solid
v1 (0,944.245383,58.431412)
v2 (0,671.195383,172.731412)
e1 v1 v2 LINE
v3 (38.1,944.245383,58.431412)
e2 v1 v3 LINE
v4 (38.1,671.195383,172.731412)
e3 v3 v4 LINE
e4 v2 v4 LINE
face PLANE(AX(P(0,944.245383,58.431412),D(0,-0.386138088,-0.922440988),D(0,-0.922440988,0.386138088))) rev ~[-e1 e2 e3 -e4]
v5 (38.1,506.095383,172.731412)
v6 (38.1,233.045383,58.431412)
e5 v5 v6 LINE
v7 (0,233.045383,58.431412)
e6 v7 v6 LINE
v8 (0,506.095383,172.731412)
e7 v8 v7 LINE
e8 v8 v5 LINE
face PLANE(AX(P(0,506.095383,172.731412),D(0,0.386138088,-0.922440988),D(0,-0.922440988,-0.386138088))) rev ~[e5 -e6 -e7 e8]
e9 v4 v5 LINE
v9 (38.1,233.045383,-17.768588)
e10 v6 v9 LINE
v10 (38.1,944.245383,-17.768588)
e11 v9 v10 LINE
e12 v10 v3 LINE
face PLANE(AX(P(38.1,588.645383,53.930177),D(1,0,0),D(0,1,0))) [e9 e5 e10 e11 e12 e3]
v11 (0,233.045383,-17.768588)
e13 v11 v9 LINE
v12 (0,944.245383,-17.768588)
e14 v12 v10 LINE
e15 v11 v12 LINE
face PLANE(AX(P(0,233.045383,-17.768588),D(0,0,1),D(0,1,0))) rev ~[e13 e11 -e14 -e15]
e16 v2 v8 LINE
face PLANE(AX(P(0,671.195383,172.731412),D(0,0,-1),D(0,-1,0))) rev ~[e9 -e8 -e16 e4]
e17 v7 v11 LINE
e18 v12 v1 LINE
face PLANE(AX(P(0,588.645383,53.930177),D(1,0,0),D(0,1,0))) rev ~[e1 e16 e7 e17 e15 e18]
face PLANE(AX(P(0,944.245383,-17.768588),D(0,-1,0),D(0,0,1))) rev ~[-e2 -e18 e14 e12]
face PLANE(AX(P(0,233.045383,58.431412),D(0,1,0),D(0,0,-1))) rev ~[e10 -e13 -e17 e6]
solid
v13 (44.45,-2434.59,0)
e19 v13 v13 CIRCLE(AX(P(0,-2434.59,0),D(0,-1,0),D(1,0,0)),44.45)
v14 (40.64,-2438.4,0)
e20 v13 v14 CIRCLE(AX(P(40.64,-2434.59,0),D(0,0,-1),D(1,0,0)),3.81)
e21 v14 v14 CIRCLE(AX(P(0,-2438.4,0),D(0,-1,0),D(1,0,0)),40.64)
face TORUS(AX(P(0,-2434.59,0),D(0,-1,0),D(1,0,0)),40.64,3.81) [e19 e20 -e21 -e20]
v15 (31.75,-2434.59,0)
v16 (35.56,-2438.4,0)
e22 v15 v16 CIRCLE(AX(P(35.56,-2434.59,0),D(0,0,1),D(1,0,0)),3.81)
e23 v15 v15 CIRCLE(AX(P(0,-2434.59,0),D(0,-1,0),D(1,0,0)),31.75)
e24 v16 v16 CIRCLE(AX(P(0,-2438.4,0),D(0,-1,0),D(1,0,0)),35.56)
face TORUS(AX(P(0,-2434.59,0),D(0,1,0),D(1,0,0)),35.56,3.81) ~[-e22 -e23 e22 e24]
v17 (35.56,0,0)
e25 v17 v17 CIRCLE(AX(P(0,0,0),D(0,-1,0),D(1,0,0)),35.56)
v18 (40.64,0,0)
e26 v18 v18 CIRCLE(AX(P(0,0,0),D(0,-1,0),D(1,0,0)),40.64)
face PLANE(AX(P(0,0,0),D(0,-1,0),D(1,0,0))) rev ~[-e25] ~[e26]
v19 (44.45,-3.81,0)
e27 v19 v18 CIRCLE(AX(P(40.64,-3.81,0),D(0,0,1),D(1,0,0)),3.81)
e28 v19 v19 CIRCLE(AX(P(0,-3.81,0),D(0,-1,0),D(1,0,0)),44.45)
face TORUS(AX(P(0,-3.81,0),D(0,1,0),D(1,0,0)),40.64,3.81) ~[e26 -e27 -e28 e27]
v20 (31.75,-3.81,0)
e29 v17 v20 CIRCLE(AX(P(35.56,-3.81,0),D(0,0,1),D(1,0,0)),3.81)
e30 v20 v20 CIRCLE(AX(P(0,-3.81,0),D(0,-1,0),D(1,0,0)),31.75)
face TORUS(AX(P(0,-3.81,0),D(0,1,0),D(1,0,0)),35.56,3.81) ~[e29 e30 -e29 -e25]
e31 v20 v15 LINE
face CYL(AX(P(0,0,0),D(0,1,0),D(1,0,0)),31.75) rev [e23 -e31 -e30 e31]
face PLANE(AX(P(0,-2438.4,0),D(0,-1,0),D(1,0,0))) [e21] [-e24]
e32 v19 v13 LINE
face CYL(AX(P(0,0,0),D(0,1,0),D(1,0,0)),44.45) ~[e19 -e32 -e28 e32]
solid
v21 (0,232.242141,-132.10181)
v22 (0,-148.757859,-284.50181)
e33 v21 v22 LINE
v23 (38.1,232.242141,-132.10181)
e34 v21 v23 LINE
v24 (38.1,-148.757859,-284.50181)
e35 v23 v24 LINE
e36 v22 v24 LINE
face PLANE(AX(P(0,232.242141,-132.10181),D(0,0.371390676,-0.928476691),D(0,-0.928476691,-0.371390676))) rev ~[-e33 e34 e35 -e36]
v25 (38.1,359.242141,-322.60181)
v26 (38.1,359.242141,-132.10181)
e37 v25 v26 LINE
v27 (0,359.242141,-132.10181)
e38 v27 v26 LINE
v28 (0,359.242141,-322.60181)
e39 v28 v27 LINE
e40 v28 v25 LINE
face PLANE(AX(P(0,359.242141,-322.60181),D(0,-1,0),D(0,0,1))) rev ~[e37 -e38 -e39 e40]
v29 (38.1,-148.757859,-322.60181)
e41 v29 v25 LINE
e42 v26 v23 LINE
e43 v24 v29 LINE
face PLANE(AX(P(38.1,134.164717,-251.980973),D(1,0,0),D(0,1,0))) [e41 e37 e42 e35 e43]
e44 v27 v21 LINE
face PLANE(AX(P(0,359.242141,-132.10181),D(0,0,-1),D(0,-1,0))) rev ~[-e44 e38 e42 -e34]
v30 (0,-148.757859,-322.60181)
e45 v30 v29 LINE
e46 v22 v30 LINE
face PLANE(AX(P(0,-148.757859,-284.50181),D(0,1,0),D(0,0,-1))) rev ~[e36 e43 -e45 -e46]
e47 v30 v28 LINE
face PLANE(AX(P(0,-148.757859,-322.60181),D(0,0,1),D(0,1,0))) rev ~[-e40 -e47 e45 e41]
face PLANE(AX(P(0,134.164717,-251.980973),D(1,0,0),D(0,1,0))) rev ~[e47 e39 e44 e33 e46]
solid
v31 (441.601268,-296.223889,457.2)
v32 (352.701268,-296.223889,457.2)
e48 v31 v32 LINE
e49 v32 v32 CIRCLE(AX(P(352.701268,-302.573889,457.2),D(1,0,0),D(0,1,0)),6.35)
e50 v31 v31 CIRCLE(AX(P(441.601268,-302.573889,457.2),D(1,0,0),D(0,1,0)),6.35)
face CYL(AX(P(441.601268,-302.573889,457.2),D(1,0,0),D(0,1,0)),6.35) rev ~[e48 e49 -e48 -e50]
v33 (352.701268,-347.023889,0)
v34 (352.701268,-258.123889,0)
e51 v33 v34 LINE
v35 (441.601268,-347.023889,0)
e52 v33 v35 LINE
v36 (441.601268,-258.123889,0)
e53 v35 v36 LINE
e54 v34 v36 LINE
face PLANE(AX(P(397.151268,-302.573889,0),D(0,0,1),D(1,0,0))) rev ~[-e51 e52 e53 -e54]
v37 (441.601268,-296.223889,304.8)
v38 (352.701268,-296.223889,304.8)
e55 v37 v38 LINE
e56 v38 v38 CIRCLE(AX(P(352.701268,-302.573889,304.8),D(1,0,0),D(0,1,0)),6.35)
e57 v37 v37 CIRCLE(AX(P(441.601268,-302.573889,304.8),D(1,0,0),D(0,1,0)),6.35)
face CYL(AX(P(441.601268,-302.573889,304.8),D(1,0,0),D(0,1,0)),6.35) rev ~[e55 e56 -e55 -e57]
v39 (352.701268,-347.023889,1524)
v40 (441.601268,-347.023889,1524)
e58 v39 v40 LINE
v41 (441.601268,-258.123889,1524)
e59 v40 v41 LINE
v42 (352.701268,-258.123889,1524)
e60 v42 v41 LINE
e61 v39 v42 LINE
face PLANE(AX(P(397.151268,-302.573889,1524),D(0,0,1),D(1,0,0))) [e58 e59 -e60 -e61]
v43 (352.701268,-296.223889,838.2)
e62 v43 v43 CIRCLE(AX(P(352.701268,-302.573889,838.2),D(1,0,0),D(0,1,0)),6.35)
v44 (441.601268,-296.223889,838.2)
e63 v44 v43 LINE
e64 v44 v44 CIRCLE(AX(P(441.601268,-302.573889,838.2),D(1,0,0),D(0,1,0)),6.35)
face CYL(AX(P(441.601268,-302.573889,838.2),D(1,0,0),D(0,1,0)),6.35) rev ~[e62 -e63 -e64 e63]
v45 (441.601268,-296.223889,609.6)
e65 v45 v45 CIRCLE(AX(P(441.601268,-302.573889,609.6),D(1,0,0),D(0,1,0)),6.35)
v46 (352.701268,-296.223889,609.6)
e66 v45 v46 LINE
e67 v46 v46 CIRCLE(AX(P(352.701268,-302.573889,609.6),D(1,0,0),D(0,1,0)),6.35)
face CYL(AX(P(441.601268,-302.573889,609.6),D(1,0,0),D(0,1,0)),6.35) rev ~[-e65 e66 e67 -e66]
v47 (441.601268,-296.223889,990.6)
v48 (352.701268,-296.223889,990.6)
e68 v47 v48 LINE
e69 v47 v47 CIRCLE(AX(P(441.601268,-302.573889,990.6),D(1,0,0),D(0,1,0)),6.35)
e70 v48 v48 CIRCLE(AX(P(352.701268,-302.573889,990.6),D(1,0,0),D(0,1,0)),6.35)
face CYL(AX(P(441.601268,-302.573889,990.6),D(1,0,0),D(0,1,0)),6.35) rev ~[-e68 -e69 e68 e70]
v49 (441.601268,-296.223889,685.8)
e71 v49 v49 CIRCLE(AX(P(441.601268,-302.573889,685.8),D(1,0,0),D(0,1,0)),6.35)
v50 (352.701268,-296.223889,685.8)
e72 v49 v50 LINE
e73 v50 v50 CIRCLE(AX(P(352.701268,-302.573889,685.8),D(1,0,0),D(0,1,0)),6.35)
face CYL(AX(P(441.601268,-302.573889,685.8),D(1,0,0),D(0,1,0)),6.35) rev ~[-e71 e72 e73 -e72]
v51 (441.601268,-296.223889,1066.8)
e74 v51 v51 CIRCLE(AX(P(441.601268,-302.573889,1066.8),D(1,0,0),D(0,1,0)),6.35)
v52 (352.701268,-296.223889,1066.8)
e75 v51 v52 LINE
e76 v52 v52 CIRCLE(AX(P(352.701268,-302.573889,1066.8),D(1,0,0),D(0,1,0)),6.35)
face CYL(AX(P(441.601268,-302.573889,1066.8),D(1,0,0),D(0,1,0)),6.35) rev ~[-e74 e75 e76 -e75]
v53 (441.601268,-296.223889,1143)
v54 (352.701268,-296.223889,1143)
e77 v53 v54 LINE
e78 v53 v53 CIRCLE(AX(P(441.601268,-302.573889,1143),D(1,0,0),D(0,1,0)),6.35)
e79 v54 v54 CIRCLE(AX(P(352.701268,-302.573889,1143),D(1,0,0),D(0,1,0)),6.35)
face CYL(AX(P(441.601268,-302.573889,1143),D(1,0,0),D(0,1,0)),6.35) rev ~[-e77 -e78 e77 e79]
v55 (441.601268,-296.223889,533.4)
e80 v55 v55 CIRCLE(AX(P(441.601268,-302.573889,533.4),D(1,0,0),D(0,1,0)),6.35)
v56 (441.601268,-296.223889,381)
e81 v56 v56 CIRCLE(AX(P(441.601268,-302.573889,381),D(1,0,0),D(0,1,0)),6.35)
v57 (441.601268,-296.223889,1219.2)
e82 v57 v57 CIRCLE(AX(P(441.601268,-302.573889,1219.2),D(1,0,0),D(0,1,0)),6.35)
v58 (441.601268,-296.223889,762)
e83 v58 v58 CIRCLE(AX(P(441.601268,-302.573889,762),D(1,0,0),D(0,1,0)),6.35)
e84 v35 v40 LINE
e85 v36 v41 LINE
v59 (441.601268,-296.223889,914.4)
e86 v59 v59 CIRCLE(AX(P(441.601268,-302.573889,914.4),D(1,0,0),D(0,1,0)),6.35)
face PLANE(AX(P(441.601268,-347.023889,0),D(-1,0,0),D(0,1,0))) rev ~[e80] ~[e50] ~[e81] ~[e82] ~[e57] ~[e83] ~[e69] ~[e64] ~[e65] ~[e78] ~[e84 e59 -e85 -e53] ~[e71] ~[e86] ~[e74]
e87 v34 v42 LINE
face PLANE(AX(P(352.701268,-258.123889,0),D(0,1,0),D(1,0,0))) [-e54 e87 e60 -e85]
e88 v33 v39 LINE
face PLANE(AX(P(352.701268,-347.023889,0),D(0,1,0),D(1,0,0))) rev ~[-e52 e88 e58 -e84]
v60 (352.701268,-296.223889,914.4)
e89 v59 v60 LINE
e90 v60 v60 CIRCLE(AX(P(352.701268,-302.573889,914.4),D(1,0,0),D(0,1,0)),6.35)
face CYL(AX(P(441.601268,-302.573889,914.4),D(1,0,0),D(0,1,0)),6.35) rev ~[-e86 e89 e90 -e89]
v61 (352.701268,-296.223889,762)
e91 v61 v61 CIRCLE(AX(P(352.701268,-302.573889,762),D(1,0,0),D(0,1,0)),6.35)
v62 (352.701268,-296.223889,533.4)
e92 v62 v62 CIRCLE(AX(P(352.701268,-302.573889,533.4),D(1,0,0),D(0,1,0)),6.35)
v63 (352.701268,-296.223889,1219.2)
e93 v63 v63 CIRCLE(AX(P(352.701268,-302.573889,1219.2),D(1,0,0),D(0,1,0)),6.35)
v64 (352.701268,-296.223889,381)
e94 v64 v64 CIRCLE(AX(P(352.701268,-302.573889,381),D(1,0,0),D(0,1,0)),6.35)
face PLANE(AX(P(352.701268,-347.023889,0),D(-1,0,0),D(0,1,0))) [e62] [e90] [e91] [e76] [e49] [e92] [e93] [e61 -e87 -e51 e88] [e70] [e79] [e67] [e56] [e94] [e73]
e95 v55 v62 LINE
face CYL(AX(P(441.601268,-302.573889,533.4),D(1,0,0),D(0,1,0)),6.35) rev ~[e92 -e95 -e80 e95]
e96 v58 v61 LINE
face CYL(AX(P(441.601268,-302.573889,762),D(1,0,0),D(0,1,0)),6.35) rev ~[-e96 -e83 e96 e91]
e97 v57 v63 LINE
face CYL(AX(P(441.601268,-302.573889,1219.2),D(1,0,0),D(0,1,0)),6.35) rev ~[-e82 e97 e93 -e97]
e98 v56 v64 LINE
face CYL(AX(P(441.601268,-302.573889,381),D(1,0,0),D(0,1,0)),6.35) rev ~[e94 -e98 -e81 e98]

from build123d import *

# Parameters (mm, degrees)
F0_R      = 44.45
F1_DEPTH  = 2438.4
F2_W      = 88.9
F2_H      = 88.9
F3_DEPTH  = 1524
F5_DEPTH  = 38.1
F6_R      = 6.35
F7_DEPTH  = 88.9
F8_T      = -12.7
F9_R      = 3.81
F11_DEPTH = 38.1


with BuildPart() as f1:
    # F0 (on Front) → F1 (new body)
    with BuildSketch(Plane.XZ):
        Circle(F0_R)
    extrude(amount=F1_DEPTH)

    # F8
    f8_openings = [f1.faces().sort_by_distance(p)[0] for p in [
        (0, 0, 0),
        (0, -2438.4, 0),
    ]]
    offset(amount=F8_T, openings=f8_openings)

    # F9
    f9_edges = [f1.edges().sort_by_distance(p)[0] for p in [
        (31.75, -1219.2, 0),
        (-31.75, 0, 0),
        (-31.75, -2438.4, 0),
        (44.45, -1219.2, 0),
        (-44.45, 0, 0),
        (-44.45, -2438.4, 0),
    ]]
    fillet(f9_edges, radius=F9_R)


with BuildPart() as f3:
    # F2 (on Top) → F3 (new body)
    with BuildSketch(Plane.XY):
        with Locations((397.1512678623, -302.5738894224)):
            Rectangle(F2_W, F2_H)
    extrude(amount=F3_DEPTH)

    # F6 (on face) → F7 (cut, through all)
    with BuildSketch(Plane.YZ.offset(441.6012678623)):
        with Locations((-302.5738894224, 304.8)):
            Circle(F6_R)
        with Locations((-302.5738894224, 381)):
            Circle(F6_R)
        with Locations((-302.5738894224, 457.2)):
            Circle(F6_R)
        with Locations((-302.5738894224, 533.4)):
            Circle(F6_R)
        with Locations((-302.5738894224, 609.6)):
            Circle(F6_R)
        with Locations((-302.5738894224, 685.8)):
            Circle(F6_R)
        with Locations((-302.5738894224, 762)):
            Circle(F6_R)
        with Locations((-302.5738894224, 838.2)):
            Circle(F6_R)
        with Locations((-302.5738894224, 914.4)):
            Circle(F6_R)
        with Locations((-302.5738894224, 990.6)):
            Circle(F6_R)
        with Locations((-302.5738894224, 1066.8)):
            Circle(F6_R)
        with Locations((-302.5738894224, 1143)):
            Circle(F6_R)
        with Locations((-302.5738894224, 1219.2)):
            Circle(F6_R)
    extrude(amount=-F7_DEPTH, mode=Mode.SUBTRACT)


with BuildPart() as f5:
    # F4 (on Right) → F5 (new body)
    with BuildSketch(Plane.YZ):
        Polygon((359.2421412468, -132.1018100977), (232.2421412468, -132.1018100977), (-148.7578587532, -284.5018100977), (-148.7578587532, -322.6018100977), (359.2421412468, -322.6018100977), align=None)
    extrude(amount=F5_DEPTH)


with BuildPart() as f11:
    # F10 (on Right) → F11 (new body)
    with BuildSketch(Plane.YZ):
        Polygon((506.095382718, 172.7314119343), (233.045382718, 58.4314119343), (233.045382718, -17.7685880657), (588.645382718, -17.7685880657), (944.245382718, -17.7685880657), (944.245382718, 58.4314119343), (671.195382718, 172.7314119343), (588.645382718, 172.7314119343), align=None)
    extrude(amount=F11_DEPTH)


solid = Compound([f1.part, f3.part, f5.part, f11.part])
